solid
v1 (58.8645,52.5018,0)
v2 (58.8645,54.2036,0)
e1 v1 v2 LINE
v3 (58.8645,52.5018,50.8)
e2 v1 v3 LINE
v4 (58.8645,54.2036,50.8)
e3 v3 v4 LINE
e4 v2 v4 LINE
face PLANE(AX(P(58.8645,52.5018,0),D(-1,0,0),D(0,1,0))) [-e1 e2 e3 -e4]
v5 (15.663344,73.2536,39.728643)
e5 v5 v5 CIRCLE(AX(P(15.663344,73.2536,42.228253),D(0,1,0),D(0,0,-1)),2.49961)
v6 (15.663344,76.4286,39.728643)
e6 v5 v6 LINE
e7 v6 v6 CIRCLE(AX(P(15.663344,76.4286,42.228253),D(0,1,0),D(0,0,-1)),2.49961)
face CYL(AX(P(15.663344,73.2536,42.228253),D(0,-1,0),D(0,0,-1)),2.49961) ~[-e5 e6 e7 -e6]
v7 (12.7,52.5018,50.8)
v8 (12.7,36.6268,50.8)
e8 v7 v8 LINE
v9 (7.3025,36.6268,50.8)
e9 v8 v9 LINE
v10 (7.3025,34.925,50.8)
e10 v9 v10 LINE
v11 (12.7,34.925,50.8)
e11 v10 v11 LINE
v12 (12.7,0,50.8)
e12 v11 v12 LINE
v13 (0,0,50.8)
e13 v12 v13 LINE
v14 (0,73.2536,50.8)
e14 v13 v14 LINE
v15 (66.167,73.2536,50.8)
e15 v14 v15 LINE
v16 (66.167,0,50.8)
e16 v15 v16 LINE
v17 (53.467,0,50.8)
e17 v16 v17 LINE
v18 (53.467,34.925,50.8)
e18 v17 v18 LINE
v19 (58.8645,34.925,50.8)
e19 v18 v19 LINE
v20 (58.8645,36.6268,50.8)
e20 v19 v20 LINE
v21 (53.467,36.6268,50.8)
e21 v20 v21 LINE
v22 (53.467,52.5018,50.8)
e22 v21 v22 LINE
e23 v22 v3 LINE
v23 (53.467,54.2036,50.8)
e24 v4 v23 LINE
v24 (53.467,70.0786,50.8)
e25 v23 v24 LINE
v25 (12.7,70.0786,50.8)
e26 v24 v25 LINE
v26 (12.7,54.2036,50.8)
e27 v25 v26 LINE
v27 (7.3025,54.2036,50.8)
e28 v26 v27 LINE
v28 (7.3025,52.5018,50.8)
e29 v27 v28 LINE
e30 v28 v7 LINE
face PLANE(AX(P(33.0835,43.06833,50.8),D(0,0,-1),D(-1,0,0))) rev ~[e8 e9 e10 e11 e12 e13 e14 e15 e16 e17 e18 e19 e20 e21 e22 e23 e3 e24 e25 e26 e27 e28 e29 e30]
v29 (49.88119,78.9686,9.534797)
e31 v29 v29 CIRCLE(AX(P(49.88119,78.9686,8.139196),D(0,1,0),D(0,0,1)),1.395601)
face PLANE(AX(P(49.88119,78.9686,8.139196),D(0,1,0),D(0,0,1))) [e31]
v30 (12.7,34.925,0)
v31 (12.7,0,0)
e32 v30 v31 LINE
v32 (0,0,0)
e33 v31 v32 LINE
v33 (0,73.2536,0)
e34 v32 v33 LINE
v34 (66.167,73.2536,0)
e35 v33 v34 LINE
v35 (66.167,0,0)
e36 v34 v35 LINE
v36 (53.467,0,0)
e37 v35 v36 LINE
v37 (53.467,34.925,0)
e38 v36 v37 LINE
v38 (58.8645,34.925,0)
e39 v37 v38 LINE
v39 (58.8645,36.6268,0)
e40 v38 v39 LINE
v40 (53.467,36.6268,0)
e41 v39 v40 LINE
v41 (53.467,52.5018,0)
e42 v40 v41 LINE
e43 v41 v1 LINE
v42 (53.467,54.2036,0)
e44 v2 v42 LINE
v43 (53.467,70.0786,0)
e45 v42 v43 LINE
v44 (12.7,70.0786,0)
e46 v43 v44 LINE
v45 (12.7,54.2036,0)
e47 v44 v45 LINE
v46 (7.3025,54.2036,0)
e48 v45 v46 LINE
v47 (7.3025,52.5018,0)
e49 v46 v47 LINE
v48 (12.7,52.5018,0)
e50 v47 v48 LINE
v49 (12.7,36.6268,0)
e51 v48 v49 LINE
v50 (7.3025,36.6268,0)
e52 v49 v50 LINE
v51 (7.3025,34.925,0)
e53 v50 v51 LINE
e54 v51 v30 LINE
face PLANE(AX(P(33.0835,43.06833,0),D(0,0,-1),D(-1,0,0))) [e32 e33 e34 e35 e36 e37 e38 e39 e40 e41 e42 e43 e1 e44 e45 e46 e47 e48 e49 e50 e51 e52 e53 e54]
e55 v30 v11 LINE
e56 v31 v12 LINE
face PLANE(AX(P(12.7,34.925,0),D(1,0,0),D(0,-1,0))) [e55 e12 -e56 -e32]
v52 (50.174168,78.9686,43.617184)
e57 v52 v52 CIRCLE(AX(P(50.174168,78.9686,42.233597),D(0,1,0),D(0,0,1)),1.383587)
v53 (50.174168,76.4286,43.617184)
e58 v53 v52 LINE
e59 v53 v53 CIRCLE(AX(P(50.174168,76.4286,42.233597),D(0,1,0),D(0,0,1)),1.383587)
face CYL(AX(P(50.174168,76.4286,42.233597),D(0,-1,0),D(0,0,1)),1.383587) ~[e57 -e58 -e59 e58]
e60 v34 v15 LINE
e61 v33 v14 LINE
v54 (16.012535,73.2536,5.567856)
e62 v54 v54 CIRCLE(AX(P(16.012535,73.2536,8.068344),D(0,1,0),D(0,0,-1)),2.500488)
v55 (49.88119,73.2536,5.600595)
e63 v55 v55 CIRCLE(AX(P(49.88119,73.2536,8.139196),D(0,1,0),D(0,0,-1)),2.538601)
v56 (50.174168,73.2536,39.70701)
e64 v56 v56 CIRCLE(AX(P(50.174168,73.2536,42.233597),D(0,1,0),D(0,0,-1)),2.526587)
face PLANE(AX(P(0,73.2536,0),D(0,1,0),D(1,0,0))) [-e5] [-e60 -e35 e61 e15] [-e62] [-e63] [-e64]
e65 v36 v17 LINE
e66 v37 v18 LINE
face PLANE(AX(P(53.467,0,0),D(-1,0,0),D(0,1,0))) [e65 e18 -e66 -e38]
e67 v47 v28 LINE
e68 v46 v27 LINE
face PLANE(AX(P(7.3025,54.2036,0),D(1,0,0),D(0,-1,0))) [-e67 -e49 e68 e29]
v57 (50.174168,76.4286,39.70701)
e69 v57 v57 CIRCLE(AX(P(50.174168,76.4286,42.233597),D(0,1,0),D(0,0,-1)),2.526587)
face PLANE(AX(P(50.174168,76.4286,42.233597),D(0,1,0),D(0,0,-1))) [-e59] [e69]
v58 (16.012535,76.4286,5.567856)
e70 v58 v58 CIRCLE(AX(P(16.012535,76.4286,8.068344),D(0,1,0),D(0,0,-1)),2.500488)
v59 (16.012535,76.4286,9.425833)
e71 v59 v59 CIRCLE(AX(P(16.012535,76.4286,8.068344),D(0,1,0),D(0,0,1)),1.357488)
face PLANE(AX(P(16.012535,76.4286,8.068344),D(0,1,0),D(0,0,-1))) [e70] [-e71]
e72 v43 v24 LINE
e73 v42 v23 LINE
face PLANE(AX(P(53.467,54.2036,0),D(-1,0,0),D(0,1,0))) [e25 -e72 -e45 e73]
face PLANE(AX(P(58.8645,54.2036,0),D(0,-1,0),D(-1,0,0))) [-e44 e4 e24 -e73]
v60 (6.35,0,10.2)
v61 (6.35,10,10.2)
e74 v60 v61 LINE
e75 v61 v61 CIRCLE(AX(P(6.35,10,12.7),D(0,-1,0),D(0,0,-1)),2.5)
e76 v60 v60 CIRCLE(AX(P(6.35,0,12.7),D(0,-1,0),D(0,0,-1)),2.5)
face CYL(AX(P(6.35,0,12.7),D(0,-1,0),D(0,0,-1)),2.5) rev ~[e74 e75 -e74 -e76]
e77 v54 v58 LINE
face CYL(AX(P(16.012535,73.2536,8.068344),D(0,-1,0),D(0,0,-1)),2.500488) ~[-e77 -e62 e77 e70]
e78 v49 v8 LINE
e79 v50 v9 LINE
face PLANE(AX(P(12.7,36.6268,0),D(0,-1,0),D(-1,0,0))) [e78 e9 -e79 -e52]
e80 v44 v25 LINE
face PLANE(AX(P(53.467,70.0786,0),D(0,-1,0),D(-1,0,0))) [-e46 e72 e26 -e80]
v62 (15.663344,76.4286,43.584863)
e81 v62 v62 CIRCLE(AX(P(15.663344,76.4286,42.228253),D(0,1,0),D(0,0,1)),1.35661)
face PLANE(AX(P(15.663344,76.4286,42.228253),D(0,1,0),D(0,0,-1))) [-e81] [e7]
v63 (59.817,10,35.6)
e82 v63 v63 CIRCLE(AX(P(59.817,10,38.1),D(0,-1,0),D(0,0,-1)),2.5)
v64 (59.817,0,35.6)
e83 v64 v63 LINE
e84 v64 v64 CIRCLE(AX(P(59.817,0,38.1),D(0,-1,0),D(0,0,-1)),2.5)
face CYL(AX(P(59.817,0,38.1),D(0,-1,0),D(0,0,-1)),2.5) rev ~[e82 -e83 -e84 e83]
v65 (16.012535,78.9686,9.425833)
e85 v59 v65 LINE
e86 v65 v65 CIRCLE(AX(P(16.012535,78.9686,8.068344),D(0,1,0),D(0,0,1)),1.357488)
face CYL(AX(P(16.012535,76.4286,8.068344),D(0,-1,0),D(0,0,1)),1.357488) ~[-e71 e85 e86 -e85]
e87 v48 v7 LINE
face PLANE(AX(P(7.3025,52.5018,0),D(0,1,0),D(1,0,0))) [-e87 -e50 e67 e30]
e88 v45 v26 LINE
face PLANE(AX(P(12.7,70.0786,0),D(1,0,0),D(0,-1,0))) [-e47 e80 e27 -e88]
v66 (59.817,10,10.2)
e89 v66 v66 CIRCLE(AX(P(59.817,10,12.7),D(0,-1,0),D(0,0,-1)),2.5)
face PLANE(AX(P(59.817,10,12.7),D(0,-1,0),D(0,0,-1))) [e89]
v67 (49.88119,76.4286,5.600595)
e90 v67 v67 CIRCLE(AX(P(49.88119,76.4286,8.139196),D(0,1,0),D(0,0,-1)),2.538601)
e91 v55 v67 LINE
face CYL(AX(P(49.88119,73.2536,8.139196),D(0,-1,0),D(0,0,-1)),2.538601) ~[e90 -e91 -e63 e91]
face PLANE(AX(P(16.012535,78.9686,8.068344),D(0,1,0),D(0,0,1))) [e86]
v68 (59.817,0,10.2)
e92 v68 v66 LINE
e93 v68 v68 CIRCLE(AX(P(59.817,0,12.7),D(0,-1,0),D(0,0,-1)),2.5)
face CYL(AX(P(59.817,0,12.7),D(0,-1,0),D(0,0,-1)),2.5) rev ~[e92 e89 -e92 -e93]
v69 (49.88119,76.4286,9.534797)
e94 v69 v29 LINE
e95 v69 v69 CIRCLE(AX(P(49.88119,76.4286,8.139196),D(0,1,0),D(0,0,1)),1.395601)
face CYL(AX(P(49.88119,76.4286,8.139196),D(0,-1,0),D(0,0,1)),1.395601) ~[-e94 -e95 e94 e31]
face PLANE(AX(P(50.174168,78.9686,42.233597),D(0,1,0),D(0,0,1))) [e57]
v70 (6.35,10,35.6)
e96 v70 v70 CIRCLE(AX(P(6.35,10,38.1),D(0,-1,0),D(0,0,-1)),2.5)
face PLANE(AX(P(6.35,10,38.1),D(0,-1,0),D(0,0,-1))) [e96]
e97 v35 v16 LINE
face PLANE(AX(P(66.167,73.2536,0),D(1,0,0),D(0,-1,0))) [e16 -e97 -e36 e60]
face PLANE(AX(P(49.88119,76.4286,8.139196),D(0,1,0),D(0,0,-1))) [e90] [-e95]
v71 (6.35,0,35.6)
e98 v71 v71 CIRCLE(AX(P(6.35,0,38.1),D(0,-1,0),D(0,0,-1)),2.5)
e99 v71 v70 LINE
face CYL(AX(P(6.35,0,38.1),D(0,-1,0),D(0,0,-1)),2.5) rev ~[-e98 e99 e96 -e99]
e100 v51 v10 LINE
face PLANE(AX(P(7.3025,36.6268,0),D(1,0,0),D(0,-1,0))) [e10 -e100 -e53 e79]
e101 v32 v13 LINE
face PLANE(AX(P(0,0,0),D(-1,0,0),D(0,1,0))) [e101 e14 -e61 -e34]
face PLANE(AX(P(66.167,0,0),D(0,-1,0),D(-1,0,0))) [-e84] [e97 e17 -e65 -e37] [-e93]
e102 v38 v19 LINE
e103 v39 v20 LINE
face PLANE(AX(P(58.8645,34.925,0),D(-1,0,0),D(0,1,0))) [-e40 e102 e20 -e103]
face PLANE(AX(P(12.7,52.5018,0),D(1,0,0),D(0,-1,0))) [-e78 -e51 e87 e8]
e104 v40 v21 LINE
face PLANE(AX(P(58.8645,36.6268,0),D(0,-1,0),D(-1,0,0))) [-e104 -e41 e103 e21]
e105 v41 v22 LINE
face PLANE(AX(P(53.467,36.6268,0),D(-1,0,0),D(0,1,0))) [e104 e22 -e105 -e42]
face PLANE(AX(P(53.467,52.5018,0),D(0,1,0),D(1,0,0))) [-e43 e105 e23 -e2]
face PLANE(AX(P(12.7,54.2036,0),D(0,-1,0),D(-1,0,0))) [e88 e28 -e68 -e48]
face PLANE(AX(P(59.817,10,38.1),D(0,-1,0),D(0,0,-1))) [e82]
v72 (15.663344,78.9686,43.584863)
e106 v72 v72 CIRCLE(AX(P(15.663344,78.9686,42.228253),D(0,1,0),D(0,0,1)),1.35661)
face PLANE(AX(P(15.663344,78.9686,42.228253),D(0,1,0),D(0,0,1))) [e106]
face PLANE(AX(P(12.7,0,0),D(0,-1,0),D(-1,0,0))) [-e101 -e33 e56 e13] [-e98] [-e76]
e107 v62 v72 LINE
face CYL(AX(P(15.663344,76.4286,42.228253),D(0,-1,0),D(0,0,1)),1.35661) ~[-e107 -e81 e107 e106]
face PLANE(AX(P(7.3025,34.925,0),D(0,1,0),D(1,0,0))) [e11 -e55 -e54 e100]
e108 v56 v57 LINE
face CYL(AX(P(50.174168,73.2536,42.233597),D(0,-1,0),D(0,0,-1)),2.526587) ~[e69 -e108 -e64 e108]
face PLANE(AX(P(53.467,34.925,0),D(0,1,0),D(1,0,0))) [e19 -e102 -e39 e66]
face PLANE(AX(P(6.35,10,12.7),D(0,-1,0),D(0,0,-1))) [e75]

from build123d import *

# Parameters (mm, degrees)
BOSS_EXTRUDE1_DEPTH = 50.8
SKETCH3_R           = 2.500488375
SKETCH3_R_2         = 1.357488375
SKETCH3_R_3         = 2.499609862
SKETCH3_R_4         = 2.52658695
SKETCH3_R_5         = 2.538600877
BOSS_EXTRUDE2_DEPTH = 3.175
BOSS_EXTRUDE3_START = 3.175
SKETCH3_3_R         = 1.357488375
SKETCH3_3_R_2       = 1.356609862
SKETCH3_3_R_3       = 1.38358695
SKETCH3_3_R_4       = 1.395600877
BOSS_EXTRUDE3_DEPTH = 2.54
SKETCH4_R           = 2.5
CUT_EXTRUDE1_DEPTH  = 10


with BuildPart() as part:
    # Sketch1 → Boss-Extrude1 (new body)
    with BuildSketch(Plane.XY):
        Polygon((12.7, 70.0786), (12.7, 54.2036), (7.3025, 54.2036), (7.3025, 52.5018), (12.7, 52.5018), (12.7, 36.6268), (7.3025, 36.6268), (7.3025, 34.925), (12.7, 34.925), (12.7, 0), (0, 0), (0, 73.2536), (66.167, 73.2536), (66.167, 0), (53.467, 0), (53.467, 34.925), (58.8645, 34.925), (58.8645, 36.6268), (53.467, 36.6268), (53.467, 52.5018), (58.8645, 52.5018), (58.8645, 54.2036), (53.467, 54.2036), (53.467, 70.0786), align=None)
    extrude(amount=BOSS_EXTRUDE1_DEPTH)

    # Sketch3 → Boss-Extrude2 (add)
    with BuildSketch(Plane(origin=(0, 73.2536, 0), x_dir=(1, 0, 0), z_dir=(0, 1, 0))):
        with Locations(Location((16.012534946, -8.068344252, 0), (0, 0, 90))):
            Circle(SKETCH3_R)
        with Locations((16.012534946, -8.068344252)):
            Circle(SKETCH3_R_2, mode=Mode.SUBTRACT)
        with Locations((16.012534946, -8.068344252)):
            Circle(SKETCH3_R_2)
        with Locations(Location((15.66334422, -42.22825299, 0), (0, 0, 90))):
            Circle(SKETCH3_R_3)
        with Locations(Location((50.174167917, -42.233596828, 0), (0, 0, 90))):
            Circle(SKETCH3_R_4)
        with Locations(Location((49.881189528, -8.139195897, 0), (0, 0, 90))):
            Circle(SKETCH3_R_5)
    extrude(amount=BOSS_EXTRUDE2_DEPTH)

    # Sketch3<3> → Boss-Extrude3 (add)
    with BuildSketch(Plane(origin=(0, 73.2536, 0), x_dir=(1, 0, 0), z_dir=(0, 1, 0)).offset(BOSS_EXTRUDE3_START)):
        with Locations(Location((16.012534946, -8.068344252, 0), (0, 0, 270))):
            Circle(SKETCH3_3_R)
        with Locations(Location((15.66334422, -42.22825299, 0), (0, 0, 270))):
            Circle(SKETCH3_3_R_2)
        with Locations(Location((50.174167917, -42.233596828, 0), (0, 0, 270))):
            Circle(SKETCH3_3_R_3)
        with Locations(Location((49.881189528, -8.139195897, 0), (0, 0, 270))):
            Circle(SKETCH3_3_R_4)
    extrude(amount=BOSS_EXTRUDE3_DEPTH)

    # Sketch4 → Cut-Extrude1 (cut)
    with BuildSketch(Plane.XZ):
        with Locations(Location((6.35, 38.1, 0), (0, 0, 270))):
            Circle(SKETCH4_R)
        with Locations(Location((6.35, 12.7, 0), (0, 0, 270))):
            Circle(SKETCH4_R)
        with Locations(Location((59.817, 38.1, 0), (0, 0, 270))):
            Circle(SKETCH4_R)
        with Locations(Location((59.817, 12.7, 0), (0, 0, 270))):
            Circle(SKETCH4_R)
    extrude(amount=-CUT_EXTRUDE1_DEPTH, mode=Mode.SUBTRACT)


solid = part.part
